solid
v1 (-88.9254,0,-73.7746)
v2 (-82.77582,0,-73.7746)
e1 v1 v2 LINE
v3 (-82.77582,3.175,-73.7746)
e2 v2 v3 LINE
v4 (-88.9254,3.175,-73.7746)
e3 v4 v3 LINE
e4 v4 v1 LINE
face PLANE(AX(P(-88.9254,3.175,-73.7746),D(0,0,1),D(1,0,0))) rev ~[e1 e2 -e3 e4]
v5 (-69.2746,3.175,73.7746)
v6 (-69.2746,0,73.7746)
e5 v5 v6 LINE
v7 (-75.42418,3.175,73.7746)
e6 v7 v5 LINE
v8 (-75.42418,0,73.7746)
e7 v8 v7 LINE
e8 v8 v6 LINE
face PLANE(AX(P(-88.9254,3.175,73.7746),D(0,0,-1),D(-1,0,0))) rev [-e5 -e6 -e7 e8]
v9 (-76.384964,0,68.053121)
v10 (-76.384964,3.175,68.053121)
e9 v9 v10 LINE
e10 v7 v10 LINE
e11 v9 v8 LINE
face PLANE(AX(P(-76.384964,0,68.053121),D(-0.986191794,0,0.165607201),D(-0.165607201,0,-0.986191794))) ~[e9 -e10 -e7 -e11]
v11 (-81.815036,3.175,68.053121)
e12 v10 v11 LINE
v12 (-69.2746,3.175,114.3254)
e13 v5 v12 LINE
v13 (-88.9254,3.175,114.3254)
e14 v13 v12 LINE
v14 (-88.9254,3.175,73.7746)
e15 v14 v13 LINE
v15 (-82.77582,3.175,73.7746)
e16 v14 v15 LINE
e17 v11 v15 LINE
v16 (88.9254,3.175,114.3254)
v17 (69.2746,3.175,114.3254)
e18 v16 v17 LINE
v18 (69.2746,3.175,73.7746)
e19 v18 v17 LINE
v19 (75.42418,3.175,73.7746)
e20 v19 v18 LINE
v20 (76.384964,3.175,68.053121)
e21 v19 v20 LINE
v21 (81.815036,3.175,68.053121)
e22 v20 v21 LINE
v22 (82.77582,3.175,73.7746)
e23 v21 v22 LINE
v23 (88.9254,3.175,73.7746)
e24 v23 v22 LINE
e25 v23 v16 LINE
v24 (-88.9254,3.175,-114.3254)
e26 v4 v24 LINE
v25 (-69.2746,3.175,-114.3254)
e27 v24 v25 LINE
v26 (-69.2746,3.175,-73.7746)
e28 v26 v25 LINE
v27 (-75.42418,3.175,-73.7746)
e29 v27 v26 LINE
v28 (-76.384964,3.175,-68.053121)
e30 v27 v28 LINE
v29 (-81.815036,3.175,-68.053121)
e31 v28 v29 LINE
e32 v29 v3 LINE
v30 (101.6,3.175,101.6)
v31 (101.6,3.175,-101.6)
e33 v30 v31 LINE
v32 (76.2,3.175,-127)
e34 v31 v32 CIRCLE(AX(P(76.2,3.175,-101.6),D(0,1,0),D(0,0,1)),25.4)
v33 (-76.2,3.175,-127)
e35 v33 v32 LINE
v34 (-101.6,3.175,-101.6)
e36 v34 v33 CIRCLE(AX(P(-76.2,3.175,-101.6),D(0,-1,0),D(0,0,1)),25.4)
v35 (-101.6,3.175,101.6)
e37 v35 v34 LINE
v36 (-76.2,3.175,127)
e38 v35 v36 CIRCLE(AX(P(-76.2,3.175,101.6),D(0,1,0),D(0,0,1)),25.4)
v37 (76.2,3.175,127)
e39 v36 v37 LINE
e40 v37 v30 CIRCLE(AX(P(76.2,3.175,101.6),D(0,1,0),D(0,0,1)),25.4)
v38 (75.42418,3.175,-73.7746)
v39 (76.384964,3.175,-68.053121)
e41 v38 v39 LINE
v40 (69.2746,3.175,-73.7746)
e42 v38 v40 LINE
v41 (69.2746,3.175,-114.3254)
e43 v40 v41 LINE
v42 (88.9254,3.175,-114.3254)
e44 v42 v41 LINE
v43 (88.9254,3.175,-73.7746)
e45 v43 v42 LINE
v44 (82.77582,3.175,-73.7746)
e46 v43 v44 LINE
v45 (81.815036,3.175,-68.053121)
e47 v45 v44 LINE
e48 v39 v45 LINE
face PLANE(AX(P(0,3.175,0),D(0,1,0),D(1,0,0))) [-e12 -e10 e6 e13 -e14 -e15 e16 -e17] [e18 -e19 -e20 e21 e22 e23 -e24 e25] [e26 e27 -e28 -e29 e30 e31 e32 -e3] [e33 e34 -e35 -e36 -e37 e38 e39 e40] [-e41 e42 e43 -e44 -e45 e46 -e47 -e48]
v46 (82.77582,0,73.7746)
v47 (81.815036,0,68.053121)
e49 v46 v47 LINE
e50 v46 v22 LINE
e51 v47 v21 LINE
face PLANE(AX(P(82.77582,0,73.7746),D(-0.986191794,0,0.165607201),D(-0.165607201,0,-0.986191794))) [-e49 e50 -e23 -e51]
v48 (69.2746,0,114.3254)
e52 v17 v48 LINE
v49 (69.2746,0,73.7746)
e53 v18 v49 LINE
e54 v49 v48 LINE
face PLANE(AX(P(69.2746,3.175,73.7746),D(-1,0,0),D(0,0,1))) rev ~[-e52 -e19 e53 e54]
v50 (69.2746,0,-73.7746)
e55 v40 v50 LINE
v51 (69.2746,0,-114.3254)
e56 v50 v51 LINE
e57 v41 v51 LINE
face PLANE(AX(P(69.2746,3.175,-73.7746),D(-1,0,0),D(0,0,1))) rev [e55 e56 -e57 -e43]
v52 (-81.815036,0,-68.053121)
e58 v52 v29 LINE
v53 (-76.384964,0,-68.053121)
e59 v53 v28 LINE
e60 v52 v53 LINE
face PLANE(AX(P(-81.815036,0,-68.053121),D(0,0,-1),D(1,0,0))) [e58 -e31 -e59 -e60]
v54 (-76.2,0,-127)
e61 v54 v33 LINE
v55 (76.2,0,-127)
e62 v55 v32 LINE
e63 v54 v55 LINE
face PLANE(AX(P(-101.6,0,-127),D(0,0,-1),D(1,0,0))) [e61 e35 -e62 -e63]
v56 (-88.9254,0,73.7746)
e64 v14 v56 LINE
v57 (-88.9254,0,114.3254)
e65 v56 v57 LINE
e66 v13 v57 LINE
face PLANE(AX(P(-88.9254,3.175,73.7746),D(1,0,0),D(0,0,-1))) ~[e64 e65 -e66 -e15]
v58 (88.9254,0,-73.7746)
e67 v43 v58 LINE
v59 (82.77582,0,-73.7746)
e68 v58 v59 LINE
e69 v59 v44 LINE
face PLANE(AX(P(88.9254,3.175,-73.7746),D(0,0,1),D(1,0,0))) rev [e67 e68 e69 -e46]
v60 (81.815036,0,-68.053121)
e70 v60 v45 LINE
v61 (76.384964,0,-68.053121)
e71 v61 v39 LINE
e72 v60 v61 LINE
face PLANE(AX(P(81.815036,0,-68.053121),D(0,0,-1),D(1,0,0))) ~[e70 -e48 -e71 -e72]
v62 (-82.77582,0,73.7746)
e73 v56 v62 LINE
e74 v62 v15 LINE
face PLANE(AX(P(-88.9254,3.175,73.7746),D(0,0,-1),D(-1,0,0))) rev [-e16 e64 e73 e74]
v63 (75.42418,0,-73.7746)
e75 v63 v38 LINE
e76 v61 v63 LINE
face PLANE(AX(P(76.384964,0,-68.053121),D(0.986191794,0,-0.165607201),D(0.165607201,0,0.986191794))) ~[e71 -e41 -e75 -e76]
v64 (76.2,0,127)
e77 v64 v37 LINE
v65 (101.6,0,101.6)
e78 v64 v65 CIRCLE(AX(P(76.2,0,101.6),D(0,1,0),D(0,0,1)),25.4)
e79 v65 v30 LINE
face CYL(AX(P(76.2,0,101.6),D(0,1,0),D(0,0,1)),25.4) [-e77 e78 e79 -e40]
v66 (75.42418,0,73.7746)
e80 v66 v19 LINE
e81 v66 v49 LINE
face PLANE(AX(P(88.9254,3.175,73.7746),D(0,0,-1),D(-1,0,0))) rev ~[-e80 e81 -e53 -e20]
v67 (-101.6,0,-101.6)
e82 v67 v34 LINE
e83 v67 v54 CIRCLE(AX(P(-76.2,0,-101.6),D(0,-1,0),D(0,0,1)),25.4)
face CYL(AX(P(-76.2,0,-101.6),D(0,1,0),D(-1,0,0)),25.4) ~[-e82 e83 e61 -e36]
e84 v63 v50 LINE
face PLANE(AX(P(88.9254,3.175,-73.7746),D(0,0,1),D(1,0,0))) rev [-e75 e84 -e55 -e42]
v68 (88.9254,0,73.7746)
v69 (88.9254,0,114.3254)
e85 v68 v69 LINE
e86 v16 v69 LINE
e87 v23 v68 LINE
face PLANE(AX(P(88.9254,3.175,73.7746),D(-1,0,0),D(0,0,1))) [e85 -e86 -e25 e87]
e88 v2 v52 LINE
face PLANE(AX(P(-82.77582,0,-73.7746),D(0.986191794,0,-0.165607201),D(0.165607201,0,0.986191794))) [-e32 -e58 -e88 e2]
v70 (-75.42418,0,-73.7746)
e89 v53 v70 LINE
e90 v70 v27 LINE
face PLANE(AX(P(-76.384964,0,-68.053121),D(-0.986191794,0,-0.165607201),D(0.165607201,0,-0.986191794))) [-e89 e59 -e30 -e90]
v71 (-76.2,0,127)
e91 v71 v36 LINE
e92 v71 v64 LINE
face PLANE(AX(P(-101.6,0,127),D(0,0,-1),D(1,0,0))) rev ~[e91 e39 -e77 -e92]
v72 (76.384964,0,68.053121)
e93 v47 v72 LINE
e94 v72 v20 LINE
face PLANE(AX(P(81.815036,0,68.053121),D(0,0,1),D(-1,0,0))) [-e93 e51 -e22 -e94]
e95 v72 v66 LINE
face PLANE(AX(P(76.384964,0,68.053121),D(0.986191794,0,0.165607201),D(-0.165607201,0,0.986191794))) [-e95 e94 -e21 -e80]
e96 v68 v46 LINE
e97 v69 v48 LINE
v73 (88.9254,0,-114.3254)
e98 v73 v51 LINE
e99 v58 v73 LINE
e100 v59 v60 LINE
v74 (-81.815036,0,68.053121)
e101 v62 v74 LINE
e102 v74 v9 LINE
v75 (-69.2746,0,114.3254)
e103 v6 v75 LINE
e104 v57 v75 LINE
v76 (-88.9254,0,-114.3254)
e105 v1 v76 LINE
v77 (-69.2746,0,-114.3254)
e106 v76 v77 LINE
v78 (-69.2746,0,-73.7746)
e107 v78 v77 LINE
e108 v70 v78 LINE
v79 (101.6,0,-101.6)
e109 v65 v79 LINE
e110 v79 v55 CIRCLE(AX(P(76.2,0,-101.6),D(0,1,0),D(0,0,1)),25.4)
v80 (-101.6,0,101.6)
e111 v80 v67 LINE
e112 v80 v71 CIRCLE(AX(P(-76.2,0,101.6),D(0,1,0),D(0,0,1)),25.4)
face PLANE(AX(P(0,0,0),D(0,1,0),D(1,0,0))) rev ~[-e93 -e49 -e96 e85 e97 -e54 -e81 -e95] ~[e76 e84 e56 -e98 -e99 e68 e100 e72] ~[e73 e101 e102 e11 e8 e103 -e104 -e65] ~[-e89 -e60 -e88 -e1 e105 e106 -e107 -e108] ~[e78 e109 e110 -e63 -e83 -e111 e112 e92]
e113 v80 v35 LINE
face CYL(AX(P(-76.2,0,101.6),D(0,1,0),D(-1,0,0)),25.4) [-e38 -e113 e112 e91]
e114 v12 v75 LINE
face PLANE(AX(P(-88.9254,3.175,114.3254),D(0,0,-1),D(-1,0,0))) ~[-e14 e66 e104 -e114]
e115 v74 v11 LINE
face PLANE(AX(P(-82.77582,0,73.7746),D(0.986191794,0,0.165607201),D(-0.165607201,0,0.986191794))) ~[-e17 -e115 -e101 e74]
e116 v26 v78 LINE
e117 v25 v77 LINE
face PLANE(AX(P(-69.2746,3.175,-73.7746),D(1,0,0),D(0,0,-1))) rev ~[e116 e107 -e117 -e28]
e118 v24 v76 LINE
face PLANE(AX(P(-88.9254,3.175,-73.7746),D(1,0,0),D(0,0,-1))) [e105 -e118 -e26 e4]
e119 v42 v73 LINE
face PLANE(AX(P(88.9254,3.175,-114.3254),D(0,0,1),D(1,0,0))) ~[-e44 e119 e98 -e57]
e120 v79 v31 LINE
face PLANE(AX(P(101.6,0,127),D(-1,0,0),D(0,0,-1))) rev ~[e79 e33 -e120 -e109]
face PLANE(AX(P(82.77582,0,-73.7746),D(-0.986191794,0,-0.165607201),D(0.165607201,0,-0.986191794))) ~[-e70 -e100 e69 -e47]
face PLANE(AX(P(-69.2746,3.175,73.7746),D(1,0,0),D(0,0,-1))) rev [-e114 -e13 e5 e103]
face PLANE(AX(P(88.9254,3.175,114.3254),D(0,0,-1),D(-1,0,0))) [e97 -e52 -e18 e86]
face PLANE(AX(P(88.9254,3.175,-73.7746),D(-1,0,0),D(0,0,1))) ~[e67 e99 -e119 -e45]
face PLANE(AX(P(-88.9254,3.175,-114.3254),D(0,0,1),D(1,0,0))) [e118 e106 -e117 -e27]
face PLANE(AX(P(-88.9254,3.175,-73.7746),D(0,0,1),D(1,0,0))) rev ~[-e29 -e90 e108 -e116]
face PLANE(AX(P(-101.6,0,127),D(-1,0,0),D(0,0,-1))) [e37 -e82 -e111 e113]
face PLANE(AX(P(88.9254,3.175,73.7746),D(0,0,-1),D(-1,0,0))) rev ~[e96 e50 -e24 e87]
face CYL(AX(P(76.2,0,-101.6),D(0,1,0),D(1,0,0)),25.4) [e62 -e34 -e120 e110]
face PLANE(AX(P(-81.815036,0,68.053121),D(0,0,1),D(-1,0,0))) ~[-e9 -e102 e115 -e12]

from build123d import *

# Parameters (mm, degrees)
SKETCH1_W               = 203.2
SKETCH1_H               = 254
BOSS_EXTRUDE1_DEPTH     = 3.175
FILLET1_R               = 25.4
SKETCH2_W               = 19.6508
SKETCH2_H               = 40.550799923
CUT_EXTRUDE1_DEPTH      = 163.67034341
CUT_EXTRUDE2_DEPTH      = 163.67034341
MIRROR2_COPY_1_SKETCH_W = 19.6508
MIRROR2_COPY_1_SKETCH_H = 40.550799923
MIRROR2_COPY_1_DEPTH    = 163.67034341
MIRROR2_COPY_2_DEPTH    = 163.67034341


with BuildPart() as part:
    # Sketch1 → Boss-Extrude1 (new body)
    with BuildSketch(Plane(origin=(0, 0, 0), x_dir=(1, 0, 0), z_dir=(0, 1, 0))):
        Rectangle(SKETCH1_W, SKETCH1_H)
    extrude(amount=BOSS_EXTRUDE1_DEPTH)

    # Fillet1
    fillet1_edges = [part.edges().sort_by_distance(p)[0] for p in [
        (101.6, 1.5875, 127),
        (-101.6, 1.5875, 127),
        (-101.6, 1.5875, -127),
        (101.6, 1.5875, -127),
    ]]
    fillet(fillet1_edges, radius=FILLET1_R)

    # Sketch2 → Cut-Extrude1 (cut, through all)
    with BuildSketch(Plane(origin=(0, 3.175, 0), x_dir=(1, 0, 0), z_dir=(0, 1, 0))):
        with Locations((-79.1, 94.050000013)):
            Rectangle(SKETCH2_W, SKETCH2_H)
    cut_extrude1 = extrude(amount=-CUT_EXTRUDE1_DEPTH, mode=Mode.SUBTRACT)

    # Sketch3 → Cut-Extrude2 (cut, through all)
    with BuildSketch(Plane.XZ):
        Polygon((-82.775820479, -73.774600051), (-81.815035673, -68.053121226), (-76.384964327, -68.053121226), (-75.424179521, -73.774600051), align=None)
    cut_extrude2 = extrude(amount=-CUT_EXTRUDE2_DEPTH, mode=Mode.SUBTRACT)

    # Mirror1: Cut-Extrude1, Cut-Extrude2 across plane
    add(cut_extrude1.mirror(Plane(origin=(0, 0, 0), x_dir=(0, 0, 1), z_dir=(1, 0, 0))), mode=Mode.SUBTRACT)
    add(cut_extrude2.mirror(Plane(origin=(0, 0, 0), x_dir=(0, 0, 1), z_dir=(1, 0, 0))), mode=Mode.SUBTRACT)

    # Mirror2: Cut-Extrude1, Cut-Extrude2 across plane
    add(cut_extrude1.mirror(Plane.XY), mode=Mode.SUBTRACT)
    add(cut_extrude2.mirror(Plane.XY), mode=Mode.SUBTRACT)

    # Mirror2 copy 1 sketch → Mirror2 copy 1 (cut, through all)
    with BuildSketch(Plane(origin=(0, 3.175, 0), x_dir=(-1, 0, 0), z_dir=(0, 1, 0))):
        with Locations((-79.1, 94.050000013)):
            Rectangle(MIRROR2_COPY_1_SKETCH_W, MIRROR2_COPY_1_SKETCH_H)
    extrude(amount=-MIRROR2_COPY_1_DEPTH, mode=Mode.SUBTRACT)

    # Mirror2 copy 2 sketch → Mirror2 copy 2 (cut, through all)
    with BuildSketch(Plane(origin=(0, 0, 0), x_dir=(-1, 0, 0), z_dir=(0, -1, 0))):
        Polygon((-82.775820479, -73.774600051), (-81.815035673, -68.053121226), (-76.384964327, -68.053121226), (-75.424179521, -73.774600051), align=None)
    extrude(amount=-MIRROR2_COPY_2_DEPTH, mode=Mode.SUBTRACT)


solid = part.part
